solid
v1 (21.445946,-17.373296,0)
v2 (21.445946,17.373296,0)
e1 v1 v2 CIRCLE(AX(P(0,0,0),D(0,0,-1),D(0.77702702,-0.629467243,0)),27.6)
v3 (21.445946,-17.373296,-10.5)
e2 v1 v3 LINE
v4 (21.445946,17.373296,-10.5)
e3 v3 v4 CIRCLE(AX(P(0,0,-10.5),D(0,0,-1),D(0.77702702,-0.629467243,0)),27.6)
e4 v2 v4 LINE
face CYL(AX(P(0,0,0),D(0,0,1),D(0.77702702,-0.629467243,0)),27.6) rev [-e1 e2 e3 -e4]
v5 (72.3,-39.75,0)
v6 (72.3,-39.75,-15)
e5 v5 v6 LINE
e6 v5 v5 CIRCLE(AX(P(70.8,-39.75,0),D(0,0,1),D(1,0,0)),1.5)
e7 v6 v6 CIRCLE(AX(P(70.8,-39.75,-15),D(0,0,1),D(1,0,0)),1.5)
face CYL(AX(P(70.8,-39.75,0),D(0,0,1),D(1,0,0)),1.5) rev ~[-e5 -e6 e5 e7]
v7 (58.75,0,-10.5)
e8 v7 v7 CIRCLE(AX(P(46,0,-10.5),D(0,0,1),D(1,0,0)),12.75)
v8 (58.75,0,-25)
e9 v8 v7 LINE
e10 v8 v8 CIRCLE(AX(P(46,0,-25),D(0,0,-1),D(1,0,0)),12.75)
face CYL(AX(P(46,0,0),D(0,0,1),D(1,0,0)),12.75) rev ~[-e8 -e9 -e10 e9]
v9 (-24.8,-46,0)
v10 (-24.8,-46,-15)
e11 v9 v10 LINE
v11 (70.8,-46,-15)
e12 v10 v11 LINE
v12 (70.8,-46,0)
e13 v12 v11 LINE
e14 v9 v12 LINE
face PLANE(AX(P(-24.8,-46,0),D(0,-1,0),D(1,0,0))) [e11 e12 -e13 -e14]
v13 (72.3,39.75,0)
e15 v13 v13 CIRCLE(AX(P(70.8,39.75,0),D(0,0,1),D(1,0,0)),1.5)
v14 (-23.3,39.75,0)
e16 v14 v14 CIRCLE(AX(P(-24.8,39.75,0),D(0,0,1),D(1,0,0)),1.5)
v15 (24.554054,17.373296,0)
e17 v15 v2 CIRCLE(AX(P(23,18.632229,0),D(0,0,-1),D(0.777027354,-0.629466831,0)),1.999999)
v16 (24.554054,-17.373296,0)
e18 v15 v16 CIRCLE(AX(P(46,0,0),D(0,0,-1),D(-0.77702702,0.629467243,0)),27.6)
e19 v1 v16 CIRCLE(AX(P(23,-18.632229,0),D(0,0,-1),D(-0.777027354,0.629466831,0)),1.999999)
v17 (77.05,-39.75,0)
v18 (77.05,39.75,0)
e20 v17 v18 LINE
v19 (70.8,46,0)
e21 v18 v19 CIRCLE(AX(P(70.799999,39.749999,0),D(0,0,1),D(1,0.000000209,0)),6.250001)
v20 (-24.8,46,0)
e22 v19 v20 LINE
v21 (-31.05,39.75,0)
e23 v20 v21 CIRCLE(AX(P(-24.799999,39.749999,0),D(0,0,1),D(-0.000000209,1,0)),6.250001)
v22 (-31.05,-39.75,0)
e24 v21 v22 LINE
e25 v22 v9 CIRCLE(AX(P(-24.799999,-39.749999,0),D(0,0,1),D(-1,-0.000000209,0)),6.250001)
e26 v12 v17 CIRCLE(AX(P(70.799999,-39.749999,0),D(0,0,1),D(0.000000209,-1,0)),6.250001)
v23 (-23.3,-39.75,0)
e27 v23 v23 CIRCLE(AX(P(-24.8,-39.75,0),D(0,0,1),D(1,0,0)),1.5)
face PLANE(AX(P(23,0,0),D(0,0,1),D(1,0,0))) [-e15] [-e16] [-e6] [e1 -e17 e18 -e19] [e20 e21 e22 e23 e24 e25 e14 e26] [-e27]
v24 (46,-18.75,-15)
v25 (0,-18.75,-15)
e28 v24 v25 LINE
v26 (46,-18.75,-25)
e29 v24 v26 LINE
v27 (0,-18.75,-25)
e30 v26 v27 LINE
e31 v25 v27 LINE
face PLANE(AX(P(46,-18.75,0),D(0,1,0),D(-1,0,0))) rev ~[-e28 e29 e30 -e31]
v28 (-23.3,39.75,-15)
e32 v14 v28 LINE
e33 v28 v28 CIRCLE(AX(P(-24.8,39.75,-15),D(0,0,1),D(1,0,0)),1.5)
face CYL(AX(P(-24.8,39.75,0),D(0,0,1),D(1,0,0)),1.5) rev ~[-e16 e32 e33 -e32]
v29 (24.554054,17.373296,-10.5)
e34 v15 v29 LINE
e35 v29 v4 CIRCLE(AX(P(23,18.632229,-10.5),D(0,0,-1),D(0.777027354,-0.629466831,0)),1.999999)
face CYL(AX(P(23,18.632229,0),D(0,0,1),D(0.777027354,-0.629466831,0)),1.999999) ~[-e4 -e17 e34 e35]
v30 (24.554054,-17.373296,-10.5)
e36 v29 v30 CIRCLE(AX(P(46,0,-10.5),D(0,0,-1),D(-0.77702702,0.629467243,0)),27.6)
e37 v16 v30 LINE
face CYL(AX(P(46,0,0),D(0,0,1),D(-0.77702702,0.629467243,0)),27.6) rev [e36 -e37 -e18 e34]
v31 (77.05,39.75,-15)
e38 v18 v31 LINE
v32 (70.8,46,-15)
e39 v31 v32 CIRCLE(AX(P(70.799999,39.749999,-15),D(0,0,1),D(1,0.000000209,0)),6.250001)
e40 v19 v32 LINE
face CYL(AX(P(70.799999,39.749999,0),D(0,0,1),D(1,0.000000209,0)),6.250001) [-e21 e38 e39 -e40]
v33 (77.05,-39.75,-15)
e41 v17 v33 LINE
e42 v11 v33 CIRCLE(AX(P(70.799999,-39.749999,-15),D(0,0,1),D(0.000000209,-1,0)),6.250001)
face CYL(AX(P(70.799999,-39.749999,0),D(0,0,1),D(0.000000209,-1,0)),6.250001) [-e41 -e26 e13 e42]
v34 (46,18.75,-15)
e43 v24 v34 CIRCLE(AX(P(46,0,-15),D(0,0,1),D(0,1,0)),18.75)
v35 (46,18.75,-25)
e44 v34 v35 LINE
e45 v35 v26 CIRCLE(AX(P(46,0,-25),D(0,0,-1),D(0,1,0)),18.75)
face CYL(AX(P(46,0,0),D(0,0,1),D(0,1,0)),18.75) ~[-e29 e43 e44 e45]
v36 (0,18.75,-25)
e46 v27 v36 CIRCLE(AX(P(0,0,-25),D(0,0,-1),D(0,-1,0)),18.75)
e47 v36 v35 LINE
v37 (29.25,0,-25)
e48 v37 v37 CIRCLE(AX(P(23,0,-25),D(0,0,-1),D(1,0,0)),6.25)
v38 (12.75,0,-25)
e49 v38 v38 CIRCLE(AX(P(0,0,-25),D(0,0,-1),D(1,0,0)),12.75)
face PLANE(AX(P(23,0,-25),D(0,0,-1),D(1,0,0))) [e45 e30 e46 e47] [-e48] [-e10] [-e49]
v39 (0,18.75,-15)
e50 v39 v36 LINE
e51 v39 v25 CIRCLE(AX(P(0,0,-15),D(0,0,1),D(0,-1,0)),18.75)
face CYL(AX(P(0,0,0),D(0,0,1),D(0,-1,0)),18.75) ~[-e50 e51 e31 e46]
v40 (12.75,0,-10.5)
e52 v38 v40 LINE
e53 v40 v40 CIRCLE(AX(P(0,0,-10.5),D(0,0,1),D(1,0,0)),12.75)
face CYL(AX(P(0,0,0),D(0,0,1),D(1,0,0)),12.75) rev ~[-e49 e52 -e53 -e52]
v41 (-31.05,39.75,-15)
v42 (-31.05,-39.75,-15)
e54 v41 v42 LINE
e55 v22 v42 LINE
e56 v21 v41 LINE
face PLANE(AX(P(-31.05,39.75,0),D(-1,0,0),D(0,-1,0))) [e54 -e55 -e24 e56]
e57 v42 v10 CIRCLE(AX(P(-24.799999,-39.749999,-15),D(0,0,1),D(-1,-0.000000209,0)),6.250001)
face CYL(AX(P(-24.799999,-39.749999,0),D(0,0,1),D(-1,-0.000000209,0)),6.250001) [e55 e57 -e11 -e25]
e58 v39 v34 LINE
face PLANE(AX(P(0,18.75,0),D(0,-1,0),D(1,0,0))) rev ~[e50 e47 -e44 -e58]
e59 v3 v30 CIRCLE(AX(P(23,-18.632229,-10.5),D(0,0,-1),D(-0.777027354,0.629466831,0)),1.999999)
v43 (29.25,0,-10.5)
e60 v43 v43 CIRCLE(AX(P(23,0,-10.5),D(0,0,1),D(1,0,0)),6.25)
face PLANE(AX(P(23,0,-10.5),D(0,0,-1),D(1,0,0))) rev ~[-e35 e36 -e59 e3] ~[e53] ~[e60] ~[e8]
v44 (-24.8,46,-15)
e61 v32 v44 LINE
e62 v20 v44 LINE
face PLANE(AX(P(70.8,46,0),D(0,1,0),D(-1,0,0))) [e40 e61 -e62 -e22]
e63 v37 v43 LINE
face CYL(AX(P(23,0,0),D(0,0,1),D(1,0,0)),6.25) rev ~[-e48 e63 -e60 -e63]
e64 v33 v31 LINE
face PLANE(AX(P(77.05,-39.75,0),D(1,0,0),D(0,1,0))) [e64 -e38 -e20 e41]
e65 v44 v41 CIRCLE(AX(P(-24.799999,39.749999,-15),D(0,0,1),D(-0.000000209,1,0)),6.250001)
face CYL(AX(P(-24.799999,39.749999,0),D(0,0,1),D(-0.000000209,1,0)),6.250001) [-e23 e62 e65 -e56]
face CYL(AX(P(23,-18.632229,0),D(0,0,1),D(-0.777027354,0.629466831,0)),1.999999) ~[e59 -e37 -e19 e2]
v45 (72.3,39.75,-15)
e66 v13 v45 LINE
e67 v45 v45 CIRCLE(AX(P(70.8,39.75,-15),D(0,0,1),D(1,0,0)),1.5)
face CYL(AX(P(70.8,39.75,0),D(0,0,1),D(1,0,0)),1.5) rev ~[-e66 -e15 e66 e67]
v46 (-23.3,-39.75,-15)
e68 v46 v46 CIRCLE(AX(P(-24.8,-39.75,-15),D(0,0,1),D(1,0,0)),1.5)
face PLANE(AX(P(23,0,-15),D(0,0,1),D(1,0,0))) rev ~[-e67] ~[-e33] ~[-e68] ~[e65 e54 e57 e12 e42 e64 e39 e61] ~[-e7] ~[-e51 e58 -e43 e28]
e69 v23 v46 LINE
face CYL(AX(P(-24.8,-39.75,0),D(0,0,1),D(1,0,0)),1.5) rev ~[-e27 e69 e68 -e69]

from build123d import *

# Parameters (mm, degrees)
SKETCH074_R     = 1.5
SKETCH074_R_2   = 12.75
SKETCH074_R_3   = 6.25
PAD042_DEPTH    = 15
SKETCH060_R     = 12.75
SKETCH060_R_2   = 6.25
PAD043_DEPTH    = 25
POCKET036_DEPTH = 10.5


with BuildPart() as part:
    # Sketch074 → Pad042 (new body)
    with BuildSketch(Plane.XY):
        with BuildLine():
            ThreePointArc((-24.8, 46), (-29.219417, 44.169417), (-31.05, 39.75))
            Line((-31.05, 39.75), (-31.05, -39.75))
            ThreePointArc((-31.05, -39.75), (-29.219417, -44.169417), (-24.8, -46))
            Line((-24.8, -46), (70.8, -46))
            ThreePointArc((70.8, -46), (75.219417, -44.169417), (77.05, -39.75))
            Line((77.05, -39.75), (77.05, 39.75))
            ThreePointArc((77.05, 39.75), (75.219417, 44.169417), (70.8, 46))
            Line((70.8, 46), (-24.8, 46))
        make_face()
        with Locations((-24.8, 39.75)):
            Circle(SKETCH074_R, mode=Mode.SUBTRACT)
        with Locations((70.8, 39.75)):
            Circle(SKETCH074_R, mode=Mode.SUBTRACT)
        with Locations((-24.8, -39.75)):
            Circle(SKETCH074_R, mode=Mode.SUBTRACT)
        with Locations((70.8, -39.75)):
            Circle(SKETCH074_R, mode=Mode.SUBTRACT)
        Circle(SKETCH074_R_2, mode=Mode.SUBTRACT)
        with Locations((46, 0)):
            Circle(SKETCH074_R_2, mode=Mode.SUBTRACT)
        with Locations((23, 0)):
            Circle(SKETCH074_R_3, mode=Mode.SUBTRACT)
    extrude(amount=-PAD042_DEPTH)

    # Sketch060 → Pad043 (join)
    with BuildSketch(Plane(origin=(0, 0, 0), x_dir=(1, 0, 0), z_dir=(0, 0, -1))):
        with BuildLine():
            ThreePointArc((0, 18.75), (-18.75, 0), (0, -18.75))
            Line((0, -18.75), (46, -18.75))
            ThreePointArc((46, -18.75), (64.75, 0), (46, 18.75))
            Line((46, 18.75), (0, 18.75))
        make_face()
        Circle(SKETCH060_R, mode=Mode.SUBTRACT)
        with Locations((46, 0)):
            Circle(SKETCH060_R, mode=Mode.SUBTRACT)
        with Locations((23, 0)):
            Circle(SKETCH060_R_2, mode=Mode.SUBTRACT)
    extrude(amount=PAD043_DEPTH)

    # Sketch064 → Pocket036 (cut)
    with BuildSketch(Plane(origin=(0, 0, 0), x_dir=(1, 0, 0), z_dir=(0, 0, -1))):
        with BuildLine():
            ThreePointArc((21.445946, 17.373296), (-27.6, 0), (21.445946, -17.373296))
            ThreePointArc((24.554054, -17.373296), (23, -16.63223), (21.445946, -17.373296))
            ThreePointArc((24.554054, -17.373296), (73.6, 0), (24.554054, 17.373296))
            ThreePointArc((21.445946, 17.373296), (23, 16.63223), (24.554054, 17.373296))
        make_face()
    extrude(amount=POCKET036_DEPTH, mode=Mode.SUBTRACT)


solid = part.part
